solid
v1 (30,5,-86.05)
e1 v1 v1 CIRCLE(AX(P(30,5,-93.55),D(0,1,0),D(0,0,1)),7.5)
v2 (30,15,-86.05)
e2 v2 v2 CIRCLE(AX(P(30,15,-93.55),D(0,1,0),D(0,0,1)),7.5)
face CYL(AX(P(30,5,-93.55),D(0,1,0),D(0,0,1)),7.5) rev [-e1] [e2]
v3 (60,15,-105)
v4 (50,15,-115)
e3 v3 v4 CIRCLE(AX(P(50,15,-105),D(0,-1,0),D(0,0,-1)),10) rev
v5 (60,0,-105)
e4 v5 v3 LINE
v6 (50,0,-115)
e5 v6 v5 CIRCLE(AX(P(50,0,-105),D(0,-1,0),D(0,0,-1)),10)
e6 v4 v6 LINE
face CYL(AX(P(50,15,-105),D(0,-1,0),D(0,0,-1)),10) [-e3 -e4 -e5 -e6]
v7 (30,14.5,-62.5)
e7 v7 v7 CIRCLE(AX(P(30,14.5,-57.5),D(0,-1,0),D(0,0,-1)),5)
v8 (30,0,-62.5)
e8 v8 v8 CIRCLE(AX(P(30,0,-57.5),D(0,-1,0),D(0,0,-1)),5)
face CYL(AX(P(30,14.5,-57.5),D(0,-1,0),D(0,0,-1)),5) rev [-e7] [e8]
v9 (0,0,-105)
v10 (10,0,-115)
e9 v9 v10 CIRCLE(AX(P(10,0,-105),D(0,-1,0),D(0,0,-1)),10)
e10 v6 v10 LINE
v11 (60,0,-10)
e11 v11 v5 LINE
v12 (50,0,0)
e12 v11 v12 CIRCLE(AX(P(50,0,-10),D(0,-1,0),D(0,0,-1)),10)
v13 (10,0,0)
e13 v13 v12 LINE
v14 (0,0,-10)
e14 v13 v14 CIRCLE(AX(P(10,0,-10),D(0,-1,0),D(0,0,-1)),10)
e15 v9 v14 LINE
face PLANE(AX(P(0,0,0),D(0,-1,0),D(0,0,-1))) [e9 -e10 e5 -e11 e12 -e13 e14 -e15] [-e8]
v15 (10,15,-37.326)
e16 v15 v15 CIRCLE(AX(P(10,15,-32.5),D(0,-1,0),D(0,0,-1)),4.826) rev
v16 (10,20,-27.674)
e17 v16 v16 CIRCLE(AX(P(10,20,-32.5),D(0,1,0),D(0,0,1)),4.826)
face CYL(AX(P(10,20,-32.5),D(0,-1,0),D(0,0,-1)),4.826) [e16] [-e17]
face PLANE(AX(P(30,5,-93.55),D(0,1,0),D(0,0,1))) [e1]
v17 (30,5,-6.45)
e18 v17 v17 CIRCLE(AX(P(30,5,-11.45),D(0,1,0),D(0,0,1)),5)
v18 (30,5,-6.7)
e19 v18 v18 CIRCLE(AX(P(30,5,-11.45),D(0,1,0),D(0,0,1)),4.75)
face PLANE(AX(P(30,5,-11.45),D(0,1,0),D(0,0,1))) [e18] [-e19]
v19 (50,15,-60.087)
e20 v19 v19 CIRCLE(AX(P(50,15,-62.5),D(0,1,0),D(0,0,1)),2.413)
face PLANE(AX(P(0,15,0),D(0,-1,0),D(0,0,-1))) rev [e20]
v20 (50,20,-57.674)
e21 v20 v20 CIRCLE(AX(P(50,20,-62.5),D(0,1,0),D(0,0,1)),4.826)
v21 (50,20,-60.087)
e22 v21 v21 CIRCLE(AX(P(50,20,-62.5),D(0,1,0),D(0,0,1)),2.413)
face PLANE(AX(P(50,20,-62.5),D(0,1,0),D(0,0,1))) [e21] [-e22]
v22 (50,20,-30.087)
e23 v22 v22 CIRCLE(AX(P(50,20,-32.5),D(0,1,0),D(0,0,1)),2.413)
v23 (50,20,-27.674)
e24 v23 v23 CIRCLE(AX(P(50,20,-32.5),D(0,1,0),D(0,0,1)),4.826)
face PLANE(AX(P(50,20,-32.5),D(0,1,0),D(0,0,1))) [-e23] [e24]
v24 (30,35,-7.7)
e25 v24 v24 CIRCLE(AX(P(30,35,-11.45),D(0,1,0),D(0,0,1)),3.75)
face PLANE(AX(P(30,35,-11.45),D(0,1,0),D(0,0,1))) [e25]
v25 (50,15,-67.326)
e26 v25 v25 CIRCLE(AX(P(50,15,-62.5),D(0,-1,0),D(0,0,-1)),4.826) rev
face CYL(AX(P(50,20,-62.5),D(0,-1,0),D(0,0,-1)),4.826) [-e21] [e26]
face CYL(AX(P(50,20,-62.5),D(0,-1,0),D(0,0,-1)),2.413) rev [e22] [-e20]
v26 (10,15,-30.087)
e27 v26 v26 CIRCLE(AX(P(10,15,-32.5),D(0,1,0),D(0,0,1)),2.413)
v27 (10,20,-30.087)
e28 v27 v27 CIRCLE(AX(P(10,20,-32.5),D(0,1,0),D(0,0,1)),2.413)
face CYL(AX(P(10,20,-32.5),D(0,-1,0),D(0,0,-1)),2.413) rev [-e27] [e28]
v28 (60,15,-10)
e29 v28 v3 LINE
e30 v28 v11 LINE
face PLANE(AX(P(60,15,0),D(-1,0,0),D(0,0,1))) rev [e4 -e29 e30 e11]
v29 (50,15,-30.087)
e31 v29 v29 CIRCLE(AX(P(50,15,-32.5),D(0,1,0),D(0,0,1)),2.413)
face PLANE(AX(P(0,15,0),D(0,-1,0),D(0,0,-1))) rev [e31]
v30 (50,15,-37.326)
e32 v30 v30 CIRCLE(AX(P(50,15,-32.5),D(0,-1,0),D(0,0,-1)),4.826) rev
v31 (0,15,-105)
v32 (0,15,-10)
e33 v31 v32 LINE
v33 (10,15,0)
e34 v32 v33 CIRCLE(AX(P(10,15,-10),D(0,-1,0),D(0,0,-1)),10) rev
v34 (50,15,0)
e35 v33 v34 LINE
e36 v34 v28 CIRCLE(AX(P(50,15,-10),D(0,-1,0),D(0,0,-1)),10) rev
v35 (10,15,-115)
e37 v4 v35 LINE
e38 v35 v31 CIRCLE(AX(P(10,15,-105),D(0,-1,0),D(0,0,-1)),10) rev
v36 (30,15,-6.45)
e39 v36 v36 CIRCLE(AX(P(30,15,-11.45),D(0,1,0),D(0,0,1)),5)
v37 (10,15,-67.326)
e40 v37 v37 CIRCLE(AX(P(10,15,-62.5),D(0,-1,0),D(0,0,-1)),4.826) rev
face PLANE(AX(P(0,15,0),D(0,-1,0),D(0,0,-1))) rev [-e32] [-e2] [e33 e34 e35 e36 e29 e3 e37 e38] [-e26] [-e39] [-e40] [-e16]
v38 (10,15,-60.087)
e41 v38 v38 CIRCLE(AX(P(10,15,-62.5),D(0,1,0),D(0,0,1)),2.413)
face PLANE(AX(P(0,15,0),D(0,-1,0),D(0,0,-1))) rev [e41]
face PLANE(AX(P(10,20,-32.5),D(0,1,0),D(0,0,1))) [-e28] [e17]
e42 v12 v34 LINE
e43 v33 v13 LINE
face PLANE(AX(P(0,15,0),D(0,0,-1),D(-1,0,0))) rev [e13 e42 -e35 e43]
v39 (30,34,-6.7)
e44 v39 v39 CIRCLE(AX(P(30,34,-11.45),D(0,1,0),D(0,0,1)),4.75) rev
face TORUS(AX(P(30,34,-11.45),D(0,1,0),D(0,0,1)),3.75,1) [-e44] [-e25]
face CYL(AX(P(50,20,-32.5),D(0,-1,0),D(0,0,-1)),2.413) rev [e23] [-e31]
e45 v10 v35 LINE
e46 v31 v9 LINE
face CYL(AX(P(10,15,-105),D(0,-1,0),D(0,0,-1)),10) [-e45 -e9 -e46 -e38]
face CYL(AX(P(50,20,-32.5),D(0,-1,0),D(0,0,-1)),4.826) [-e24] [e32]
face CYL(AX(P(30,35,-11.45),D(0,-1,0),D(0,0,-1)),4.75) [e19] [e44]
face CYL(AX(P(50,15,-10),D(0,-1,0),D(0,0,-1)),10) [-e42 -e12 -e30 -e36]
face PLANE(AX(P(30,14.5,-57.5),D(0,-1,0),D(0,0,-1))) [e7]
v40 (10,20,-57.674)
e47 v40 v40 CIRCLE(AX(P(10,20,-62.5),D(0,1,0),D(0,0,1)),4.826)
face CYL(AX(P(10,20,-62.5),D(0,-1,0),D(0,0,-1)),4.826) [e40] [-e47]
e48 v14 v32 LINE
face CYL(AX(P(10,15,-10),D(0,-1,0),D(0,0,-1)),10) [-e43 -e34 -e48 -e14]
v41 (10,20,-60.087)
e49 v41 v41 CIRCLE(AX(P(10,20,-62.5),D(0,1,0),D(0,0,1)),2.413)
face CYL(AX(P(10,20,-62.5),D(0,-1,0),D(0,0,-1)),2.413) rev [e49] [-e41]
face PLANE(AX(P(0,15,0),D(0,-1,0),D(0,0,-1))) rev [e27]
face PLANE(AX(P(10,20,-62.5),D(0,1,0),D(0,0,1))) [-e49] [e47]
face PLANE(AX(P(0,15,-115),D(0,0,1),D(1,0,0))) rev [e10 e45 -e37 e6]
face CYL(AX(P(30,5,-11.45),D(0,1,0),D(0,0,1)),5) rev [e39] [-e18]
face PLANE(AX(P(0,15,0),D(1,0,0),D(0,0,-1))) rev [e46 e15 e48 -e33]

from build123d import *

# Parameters (mm, degrees)
SKETCH1_W           = 60
SKETCH1_H           = 115
BOSS_EXTRUDE1_DEPTH = 15
SKETCH2_R           = 7.5
SKETCH2_R_2         = 5
CUT_EXTRUDE1_DEPTH  = 10
SKETCH3_R           = 5
CUT_EXTRUDE2_DEPTH  = 14.5
SKETCH4_R           = 4.75
BOSS_EXTRUDE2_DEPTH = 30
FILLET1_R           = 1
FILLET2_R           = 10
SKETCH5_R           = 4.826
SKETCH5_R_2         = 2.413
BOSS_EXTRUDE3_DEPTH = 5


with BuildPart() as part:
    # Sketch1 → Boss-Extrude1 (new body)
    with BuildSketch(Plane(origin=(0, 0, 0), x_dir=(1, 0, 0), z_dir=(0, 1, 0))):
        with Locations((30, 57.5)):
            Rectangle(SKETCH1_W, SKETCH1_H)
    extrude(amount=BOSS_EXTRUDE1_DEPTH)

    # Sketch2 → Cut-Extrude1 (cut)
    with BuildSketch(Plane(origin=(0, 15, 0), x_dir=(1, 0, 0), z_dir=(0, 1, 0))):
        with Locations((30, 93.55)):
            Circle(SKETCH2_R)
        with Locations((30, 11.45)):
            Circle(SKETCH2_R_2)
    extrude(amount=-CUT_EXTRUDE1_DEPTH, mode=Mode.SUBTRACT)

    # Sketch3 → Cut-Extrude2 (cut)
    with BuildSketch(Plane(origin=(0, 0, 0), x_dir=(-1, 0, 0), z_dir=(0, -1, 0))):
        with Locations((-30, 57.5)):
            Circle(SKETCH3_R)
    extrude(amount=-CUT_EXTRUDE2_DEPTH, mode=Mode.SUBTRACT)

    # Sketch4 → Boss-Extrude2 (add)
    with BuildSketch(Plane(origin=(0, 5, 0), x_dir=(1, 0, 0), z_dir=(0, 1, 0))):
        with Locations((30, 11.45)):
            Circle(SKETCH4_R)
    extrude(amount=BOSS_EXTRUDE2_DEPTH)

    # Fillet1
    fillet1_edges = [part.edges().sort_by_distance(p)[0] for p in [
        (25.25, 35, -11.45),
    ]]
    fillet(fillet1_edges, radius=FILLET1_R)

    # Fillet2
    fillet2_edges = [part.edges().sort_by_distance(p)[0] for p in [
        (0, 7.5, -115),
        (60, 7.5, -115),
        (60, 7.5, 0),
        (0, 7.5, 0),
    ]]
    fillet(fillet2_edges, radius=FILLET2_R)

    # Sketch5 → Boss-Extrude3 (add)
    with BuildSketch(Plane(origin=(0, 15, 0), x_dir=(1, 0, 0), z_dir=(0, 1, 0))):
        with Locations((50, 62.5)):
            Circle(SKETCH5_R)
        with Locations((50, 62.5)):
            Circle(SKETCH5_R_2, mode=Mode.SUBTRACT)
        with Locations((50, 32.5)):
            Circle(SKETCH5_R)
        with Locations((50, 32.5)):
            Circle(SKETCH5_R_2, mode=Mode.SUBTRACT)
        with Locations((10, 32.5)):
            Circle(SKETCH5_R)
        with Locations((10, 32.5)):
            Circle(SKETCH5_R_2, mode=Mode.SUBTRACT)
        with Locations((10, 62.5)):
            Circle(SKETCH5_R)
        with Locations((10, 62.5)):
            Circle(SKETCH5_R_2, mode=Mode.SUBTRACT)
    extrude(amount=BOSS_EXTRUDE3_DEPTH)


solid = part.part
